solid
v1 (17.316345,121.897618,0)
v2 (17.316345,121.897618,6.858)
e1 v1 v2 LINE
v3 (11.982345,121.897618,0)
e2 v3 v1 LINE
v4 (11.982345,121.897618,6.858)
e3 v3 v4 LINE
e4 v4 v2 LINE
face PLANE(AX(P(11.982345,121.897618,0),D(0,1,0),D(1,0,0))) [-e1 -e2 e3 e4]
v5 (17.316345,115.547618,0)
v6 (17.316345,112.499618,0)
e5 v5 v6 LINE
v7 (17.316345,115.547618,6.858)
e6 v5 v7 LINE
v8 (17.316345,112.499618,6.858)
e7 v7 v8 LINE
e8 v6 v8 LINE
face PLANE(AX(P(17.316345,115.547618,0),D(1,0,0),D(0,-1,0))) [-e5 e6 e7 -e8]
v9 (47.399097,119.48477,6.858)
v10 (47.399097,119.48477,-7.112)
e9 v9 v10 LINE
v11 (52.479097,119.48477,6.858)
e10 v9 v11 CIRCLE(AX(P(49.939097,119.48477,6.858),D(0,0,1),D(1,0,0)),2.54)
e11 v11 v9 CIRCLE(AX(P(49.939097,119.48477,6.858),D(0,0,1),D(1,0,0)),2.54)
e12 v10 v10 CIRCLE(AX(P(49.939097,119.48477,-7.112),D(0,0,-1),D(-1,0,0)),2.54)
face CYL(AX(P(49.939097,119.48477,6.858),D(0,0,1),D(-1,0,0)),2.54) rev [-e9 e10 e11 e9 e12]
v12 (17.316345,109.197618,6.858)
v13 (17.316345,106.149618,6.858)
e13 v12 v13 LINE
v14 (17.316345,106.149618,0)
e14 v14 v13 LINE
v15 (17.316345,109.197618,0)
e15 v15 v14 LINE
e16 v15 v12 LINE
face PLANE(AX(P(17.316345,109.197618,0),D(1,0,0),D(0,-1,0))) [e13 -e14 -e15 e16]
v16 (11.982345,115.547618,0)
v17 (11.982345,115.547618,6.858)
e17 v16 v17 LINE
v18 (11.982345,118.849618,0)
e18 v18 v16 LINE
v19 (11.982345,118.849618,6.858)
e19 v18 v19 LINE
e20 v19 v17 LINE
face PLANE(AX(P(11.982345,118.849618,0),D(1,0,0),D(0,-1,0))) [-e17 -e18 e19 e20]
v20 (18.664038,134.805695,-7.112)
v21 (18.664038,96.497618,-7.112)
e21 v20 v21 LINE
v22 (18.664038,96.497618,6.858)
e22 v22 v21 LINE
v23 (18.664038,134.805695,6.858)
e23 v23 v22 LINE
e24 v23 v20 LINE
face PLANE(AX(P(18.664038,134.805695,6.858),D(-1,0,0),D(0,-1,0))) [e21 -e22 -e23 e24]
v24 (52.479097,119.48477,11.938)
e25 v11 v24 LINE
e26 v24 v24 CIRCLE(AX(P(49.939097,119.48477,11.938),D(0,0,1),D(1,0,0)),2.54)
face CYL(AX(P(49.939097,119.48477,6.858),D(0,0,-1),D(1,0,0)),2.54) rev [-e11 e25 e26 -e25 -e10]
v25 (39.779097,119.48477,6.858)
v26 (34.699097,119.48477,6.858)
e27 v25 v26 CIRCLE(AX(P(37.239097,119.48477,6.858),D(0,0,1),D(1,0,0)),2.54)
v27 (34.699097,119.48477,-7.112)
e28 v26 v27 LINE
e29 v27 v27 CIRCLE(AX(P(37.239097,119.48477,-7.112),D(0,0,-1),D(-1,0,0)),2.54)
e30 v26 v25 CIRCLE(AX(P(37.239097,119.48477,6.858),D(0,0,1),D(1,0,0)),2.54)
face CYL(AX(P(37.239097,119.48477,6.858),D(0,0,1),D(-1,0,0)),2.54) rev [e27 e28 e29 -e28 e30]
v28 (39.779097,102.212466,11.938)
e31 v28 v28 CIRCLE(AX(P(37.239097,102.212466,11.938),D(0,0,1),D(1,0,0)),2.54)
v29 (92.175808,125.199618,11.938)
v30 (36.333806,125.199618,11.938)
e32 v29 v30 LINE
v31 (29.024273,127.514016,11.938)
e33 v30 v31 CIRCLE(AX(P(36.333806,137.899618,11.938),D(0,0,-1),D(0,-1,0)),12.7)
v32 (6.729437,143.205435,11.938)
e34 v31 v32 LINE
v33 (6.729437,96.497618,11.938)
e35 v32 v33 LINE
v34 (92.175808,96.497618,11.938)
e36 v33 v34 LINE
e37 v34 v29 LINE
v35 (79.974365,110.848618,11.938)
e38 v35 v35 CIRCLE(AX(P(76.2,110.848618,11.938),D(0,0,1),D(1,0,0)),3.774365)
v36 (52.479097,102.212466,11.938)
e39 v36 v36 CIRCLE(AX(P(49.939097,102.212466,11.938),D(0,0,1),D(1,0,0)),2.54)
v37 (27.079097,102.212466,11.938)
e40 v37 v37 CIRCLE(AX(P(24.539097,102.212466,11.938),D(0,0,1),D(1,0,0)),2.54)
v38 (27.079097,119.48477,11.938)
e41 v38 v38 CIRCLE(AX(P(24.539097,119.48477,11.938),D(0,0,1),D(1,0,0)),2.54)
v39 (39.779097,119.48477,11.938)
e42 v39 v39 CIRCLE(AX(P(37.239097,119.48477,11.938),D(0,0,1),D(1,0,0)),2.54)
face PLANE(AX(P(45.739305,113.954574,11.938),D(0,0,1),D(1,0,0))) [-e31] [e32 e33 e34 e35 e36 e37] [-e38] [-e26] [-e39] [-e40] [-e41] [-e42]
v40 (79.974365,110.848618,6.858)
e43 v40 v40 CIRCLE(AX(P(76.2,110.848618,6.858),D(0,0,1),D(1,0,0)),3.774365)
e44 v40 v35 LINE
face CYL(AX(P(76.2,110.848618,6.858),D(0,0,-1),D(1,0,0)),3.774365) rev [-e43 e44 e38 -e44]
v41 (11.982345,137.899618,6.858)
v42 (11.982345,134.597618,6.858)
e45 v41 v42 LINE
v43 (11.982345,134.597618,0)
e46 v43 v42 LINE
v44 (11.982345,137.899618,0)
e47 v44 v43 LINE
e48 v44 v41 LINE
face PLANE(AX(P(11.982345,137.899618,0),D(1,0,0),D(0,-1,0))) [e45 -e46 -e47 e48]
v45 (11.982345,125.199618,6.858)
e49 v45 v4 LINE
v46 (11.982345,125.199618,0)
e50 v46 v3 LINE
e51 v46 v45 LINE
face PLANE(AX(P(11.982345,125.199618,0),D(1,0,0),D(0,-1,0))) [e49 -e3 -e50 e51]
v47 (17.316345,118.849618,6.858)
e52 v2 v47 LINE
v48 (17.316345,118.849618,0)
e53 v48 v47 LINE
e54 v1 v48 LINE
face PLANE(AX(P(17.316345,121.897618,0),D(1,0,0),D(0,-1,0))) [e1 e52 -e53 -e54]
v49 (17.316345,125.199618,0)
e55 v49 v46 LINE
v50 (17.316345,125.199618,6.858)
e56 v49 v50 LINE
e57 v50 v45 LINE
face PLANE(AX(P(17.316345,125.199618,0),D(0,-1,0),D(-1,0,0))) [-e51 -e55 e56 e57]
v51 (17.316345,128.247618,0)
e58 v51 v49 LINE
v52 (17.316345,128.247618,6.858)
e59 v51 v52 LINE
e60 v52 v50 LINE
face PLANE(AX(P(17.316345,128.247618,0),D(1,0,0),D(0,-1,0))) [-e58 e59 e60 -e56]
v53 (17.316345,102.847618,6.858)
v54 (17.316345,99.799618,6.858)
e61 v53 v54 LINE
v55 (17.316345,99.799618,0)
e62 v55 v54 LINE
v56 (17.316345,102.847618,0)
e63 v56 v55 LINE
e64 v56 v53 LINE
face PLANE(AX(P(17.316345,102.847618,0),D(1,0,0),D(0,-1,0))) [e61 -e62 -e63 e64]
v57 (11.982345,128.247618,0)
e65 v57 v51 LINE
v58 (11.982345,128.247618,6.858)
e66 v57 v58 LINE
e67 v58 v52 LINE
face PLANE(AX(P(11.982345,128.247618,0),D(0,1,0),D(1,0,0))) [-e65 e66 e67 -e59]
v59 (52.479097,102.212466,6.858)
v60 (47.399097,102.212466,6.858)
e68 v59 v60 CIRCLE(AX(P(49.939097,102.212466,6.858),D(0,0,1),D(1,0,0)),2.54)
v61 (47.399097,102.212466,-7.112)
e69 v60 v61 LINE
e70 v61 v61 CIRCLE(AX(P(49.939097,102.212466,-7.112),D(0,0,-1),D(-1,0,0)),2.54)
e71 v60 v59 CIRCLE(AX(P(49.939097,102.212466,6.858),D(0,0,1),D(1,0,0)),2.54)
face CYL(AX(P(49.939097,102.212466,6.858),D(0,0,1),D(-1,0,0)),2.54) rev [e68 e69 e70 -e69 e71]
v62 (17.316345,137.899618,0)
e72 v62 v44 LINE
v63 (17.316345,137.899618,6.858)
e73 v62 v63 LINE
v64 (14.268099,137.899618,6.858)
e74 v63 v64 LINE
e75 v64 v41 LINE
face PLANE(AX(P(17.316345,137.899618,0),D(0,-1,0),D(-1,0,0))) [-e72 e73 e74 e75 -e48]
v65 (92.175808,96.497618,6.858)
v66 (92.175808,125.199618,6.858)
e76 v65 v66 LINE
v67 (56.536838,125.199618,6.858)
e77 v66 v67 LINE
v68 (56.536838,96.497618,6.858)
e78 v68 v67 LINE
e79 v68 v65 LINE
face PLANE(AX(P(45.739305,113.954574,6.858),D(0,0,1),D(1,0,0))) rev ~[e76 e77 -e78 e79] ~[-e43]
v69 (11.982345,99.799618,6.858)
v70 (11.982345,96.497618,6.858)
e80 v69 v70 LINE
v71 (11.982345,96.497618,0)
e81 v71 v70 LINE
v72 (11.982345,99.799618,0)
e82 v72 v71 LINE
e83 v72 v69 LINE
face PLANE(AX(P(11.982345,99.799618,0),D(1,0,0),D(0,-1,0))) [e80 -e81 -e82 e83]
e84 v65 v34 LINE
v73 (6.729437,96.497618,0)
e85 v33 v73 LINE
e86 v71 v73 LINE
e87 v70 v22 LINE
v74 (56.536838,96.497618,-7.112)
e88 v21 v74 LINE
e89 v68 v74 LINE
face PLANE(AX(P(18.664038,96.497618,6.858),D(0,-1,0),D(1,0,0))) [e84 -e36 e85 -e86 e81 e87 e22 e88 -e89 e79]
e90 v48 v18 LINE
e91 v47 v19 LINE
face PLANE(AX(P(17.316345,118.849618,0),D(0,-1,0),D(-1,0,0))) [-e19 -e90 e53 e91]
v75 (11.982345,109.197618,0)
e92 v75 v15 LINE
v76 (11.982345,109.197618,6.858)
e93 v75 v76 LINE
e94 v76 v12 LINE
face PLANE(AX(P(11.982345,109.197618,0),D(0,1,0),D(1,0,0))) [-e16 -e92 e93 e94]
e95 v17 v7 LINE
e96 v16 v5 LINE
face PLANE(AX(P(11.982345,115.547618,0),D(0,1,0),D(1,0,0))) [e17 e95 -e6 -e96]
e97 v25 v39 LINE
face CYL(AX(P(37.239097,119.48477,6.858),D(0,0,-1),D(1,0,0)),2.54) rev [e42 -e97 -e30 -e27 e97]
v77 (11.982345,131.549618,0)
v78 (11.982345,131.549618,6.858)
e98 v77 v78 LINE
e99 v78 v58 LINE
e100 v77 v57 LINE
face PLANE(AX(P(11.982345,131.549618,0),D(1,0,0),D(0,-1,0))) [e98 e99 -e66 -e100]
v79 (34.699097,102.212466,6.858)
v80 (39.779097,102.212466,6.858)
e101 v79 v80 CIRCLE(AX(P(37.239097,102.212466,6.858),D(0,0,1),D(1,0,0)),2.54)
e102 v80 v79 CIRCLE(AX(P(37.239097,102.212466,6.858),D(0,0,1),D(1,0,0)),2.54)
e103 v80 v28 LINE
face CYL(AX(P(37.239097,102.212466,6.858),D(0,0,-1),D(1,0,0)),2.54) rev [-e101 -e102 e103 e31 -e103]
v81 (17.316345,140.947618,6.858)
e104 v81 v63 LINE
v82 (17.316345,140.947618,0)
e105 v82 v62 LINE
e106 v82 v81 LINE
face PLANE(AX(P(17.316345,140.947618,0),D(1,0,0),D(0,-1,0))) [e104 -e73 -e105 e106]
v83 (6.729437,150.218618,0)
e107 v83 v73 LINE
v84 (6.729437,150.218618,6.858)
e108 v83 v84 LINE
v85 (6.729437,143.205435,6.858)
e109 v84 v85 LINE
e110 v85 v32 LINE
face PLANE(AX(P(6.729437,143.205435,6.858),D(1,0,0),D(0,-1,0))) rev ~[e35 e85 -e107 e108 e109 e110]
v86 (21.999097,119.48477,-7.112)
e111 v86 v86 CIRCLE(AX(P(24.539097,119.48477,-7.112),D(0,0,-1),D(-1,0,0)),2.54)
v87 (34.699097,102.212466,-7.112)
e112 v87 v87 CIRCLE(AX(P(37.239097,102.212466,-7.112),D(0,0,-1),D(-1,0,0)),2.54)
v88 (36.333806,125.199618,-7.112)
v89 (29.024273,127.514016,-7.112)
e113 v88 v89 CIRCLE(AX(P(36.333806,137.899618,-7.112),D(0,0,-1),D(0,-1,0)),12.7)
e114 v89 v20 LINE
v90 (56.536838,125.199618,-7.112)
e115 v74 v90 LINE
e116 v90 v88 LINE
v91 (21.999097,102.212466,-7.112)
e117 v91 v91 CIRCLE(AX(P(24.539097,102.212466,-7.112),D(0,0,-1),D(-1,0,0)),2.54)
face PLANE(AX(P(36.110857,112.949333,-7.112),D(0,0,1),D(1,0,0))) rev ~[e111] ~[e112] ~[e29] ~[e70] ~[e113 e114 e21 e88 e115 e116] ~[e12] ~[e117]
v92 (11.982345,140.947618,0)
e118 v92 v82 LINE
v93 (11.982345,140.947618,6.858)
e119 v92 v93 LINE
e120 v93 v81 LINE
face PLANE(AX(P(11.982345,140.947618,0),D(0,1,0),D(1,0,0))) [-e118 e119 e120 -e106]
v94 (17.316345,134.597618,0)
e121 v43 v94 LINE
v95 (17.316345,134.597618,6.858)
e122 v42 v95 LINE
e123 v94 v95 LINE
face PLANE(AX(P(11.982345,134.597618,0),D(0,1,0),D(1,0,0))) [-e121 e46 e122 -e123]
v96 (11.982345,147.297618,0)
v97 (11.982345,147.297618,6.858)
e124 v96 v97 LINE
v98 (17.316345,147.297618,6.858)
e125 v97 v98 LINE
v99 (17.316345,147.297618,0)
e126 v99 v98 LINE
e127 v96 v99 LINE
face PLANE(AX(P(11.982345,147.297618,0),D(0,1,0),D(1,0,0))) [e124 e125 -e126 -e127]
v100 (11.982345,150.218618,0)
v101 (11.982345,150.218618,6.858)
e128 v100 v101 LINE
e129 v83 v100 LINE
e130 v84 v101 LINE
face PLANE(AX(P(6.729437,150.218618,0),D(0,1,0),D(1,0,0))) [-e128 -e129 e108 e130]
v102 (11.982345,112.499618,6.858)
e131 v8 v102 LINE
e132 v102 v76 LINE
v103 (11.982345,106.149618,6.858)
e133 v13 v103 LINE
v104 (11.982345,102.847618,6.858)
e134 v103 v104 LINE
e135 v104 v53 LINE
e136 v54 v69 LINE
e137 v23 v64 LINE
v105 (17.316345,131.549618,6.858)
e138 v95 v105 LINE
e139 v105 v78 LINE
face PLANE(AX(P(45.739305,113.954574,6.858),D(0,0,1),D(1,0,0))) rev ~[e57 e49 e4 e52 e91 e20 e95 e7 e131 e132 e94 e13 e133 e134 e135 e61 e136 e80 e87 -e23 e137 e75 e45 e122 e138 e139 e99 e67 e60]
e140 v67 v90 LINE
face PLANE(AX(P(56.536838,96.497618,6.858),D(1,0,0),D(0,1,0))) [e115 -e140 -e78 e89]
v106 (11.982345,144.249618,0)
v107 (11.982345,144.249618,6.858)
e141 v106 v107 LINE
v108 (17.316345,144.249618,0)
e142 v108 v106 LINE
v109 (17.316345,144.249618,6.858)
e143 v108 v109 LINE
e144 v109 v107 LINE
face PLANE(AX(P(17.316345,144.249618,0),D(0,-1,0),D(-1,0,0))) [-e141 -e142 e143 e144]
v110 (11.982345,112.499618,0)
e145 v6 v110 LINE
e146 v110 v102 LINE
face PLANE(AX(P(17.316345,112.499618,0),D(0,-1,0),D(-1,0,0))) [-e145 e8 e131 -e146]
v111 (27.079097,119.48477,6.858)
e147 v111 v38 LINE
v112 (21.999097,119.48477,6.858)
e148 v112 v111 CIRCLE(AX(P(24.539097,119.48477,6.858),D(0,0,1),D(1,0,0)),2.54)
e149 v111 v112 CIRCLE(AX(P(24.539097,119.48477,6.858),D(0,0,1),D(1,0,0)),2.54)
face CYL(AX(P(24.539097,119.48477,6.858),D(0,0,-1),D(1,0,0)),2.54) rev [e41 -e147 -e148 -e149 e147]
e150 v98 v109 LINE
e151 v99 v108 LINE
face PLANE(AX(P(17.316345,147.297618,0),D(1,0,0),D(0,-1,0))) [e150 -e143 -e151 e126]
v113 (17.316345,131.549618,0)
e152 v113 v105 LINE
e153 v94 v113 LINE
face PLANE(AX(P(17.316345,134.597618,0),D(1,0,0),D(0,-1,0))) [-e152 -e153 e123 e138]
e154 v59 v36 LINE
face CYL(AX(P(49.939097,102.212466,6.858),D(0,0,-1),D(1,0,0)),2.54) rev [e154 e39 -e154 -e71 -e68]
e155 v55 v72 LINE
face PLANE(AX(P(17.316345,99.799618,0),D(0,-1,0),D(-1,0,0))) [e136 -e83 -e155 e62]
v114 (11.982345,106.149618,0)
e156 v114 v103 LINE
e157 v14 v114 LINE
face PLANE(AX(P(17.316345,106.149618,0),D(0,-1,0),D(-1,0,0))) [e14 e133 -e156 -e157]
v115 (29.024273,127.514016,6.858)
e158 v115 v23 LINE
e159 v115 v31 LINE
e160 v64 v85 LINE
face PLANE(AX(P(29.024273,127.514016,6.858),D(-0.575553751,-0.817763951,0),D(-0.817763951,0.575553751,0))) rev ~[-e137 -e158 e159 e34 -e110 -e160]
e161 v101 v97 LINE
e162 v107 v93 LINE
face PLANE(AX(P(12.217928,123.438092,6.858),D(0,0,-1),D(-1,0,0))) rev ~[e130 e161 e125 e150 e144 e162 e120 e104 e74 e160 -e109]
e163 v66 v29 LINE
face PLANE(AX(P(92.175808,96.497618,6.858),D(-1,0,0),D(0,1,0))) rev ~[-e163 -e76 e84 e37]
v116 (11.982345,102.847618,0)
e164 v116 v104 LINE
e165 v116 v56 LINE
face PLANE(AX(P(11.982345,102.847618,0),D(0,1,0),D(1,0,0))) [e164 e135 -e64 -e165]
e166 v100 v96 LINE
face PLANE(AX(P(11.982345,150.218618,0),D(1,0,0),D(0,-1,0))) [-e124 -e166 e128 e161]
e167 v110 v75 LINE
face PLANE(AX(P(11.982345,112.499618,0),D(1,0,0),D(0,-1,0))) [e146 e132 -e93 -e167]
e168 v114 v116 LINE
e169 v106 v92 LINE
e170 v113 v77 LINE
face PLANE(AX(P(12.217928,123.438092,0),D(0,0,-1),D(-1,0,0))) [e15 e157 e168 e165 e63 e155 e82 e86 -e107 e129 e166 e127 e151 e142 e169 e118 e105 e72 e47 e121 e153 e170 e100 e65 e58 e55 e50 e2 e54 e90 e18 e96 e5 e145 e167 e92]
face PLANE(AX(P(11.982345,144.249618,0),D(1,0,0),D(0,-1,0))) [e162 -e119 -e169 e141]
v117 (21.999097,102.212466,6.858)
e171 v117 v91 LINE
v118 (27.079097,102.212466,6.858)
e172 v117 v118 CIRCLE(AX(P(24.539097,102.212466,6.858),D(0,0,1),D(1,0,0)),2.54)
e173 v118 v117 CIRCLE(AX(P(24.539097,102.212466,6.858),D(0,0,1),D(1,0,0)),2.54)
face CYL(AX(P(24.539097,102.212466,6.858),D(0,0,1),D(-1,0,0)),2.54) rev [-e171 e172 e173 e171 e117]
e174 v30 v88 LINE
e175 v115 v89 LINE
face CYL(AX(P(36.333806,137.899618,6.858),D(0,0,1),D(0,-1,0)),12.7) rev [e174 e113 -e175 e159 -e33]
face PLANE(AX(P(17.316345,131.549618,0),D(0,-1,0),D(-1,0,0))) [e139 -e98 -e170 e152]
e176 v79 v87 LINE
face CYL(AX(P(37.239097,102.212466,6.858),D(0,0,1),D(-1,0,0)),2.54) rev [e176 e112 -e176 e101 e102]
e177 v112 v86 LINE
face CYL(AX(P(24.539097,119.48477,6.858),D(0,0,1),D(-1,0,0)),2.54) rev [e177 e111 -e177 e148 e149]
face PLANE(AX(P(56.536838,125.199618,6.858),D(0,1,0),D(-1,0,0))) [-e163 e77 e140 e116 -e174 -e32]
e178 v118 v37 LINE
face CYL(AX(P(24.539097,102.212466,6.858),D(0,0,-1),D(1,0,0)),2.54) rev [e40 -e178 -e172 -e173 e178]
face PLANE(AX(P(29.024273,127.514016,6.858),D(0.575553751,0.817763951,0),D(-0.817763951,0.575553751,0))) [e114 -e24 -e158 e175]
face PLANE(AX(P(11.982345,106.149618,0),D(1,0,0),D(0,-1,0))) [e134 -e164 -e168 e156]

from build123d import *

# Parameters (mm, degrees)
BOSS_EXTRUDE1_DEPTH = 6.858
SKETCH3_R           = 2.54
SKETCH3_R_2         = 3.77436477
BOSS_EXTRUDE2_DEPTH = 5.08
SKETCH4_R           = 2.54
BOSS_EXTRUDE3_DEPTH = 13.97


with BuildPart() as part:
    # Sketch2 → Boss-Extrude1 (new body)
    with BuildSketch(Plane.XY):
        Polygon((11.982344641, 125.199618103), (11.982344641, 121.897618103), (17.316344641, 121.897618103), (17.316344641, 118.849618103), (11.982344641, 118.849618103), (11.982344641, 115.547618103), (17.316344641, 115.547618103), (17.316344641, 112.499618103), (11.982344641, 112.499618103), (11.982344641, 109.197618103), (17.316344641, 109.197618103), (17.316344641, 106.149618103), (11.982344641, 106.149618103), (11.982344641, 102.847618103), (17.316344641, 102.847618103), (17.316344641, 99.799618103), (11.982344641, 99.799618103), (11.982344641, 96.497618103), (6.729436841, 96.497618103), (6.729436841, 125.199618103), (6.729436841, 150.218618103), (11.982344641, 150.218618103), (11.982344641, 147.297618103), (17.316344641, 147.297618103), (17.316344641, 144.249618103), (11.982344641, 144.249618103), (11.982344641, 140.947618103), (17.316344641, 140.947618103), (17.316344641, 137.899618103), (11.982344641, 137.899618103), (11.982344641, 134.597618103), (17.316344641, 134.597618103), (17.316344641, 131.549618103), (11.982344641, 131.549618103), (11.982344641, 128.247618103), (17.316344641, 128.247618103), (17.316344641, 125.199618103), align=None)
    extrude(amount=BOSS_EXTRUDE1_DEPTH)

    # Sketch3 → Boss-Extrude2 (add)
    with BuildSketch(Plane.XY.offset(6.858)):
        with BuildLine():
            Line((6.729436841, 125.199618103), (6.729436841, 96.497618103))
            Line((6.729436841, 96.497618103), (16.3439883, 96.497618103))
            Line((16.3439883, 96.497618103), (32.312638487, 96.497618103))
            Line((32.312638487, 96.497618103), (78.23353946, 96.497618103))
            Line((78.23353946, 96.497618103), (92.175808331, 96.497618103))
            Line((92.175808331, 96.497618103), (92.175808331, 125.199618103))
            Line((92.175808331, 125.199618103), (78.23353946, 125.199618103))
            Line((78.23353946, 125.199618103), (36.33380561, 125.199618103))
            ThreePointArc((36.33380561, 125.199618103), (32.5002138, 125.792034783), (29.024272972, 127.514015924))
            Line((29.024272972, 127.514015924), (6.729436841, 143.205434636))
            Line((6.729436841, 143.205434636), (6.729436841, 125.199618103))
        make_face()
        with Locations((24.539097495, 102.212466287)):
            Circle(SKETCH3_R, mode=Mode.SUBTRACT)
        with Locations((76.2, 110.848618103)):
            Circle(SKETCH3_R_2, mode=Mode.SUBTRACT)
        with Locations((24.539097495, 119.484769918)):
            Circle(SKETCH3_R, mode=Mode.SUBTRACT)
        with Locations((37.239097495, 119.484769918)):
            Circle(SKETCH3_R, mode=Mode.SUBTRACT)
        with Locations((37.239097495, 102.212466287)):
            Circle(SKETCH3_R, mode=Mode.SUBTRACT)
        with Locations((49.939097495, 119.484769918)):
            Circle(SKETCH3_R, mode=Mode.SUBTRACT)
        with Locations((49.939097495, 102.212466287)):
            Circle(SKETCH3_R, mode=Mode.SUBTRACT)
    extrude(amount=BOSS_EXTRUDE2_DEPTH)

    # Sketch4 → Boss-Extrude3 (add)
    with BuildSketch(Plane(origin=(0, 0, 6.858), x_dir=(-1, 0, 0), z_dir=(0, 0, -1))):
        with BuildLine():
            Line((-29.024272972, 127.514015924), (-18.664038362, 134.805694511))
            Line((-18.664038362, 134.805694511), (-18.664038362, 96.497618103))
            Line((-18.664038362, 96.497618103), (-56.536837783, 96.497618103))
            Line((-56.536837783, 96.497618103), (-56.536837783, 125.199618103))
            Line((-56.536837783, 125.199618103), (-36.33380561, 125.199618103))
            ThreePointArc((-36.33380561, 125.199618103), (-32.5002138, 125.792034783), (-29.024272972, 127.514015924))
        make_face()
        with Locations((-49.939097495, 102.212466287)):
            Circle(SKETCH4_R, mode=Mode.SUBTRACT)
        with Locations((-37.239097495, 102.212466287)):
            Circle(SKETCH4_R, mode=Mode.SUBTRACT)
        with Locations((-24.539097495, 102.212466287)):
            Circle(SKETCH4_R, mode=Mode.SUBTRACT)
        with Locations((-24.539097495, 119.484769918)):
            Circle(SKETCH4_R, mode=Mode.SUBTRACT)
        with Locations((-37.239097495, 119.484769918)):
            Circle(SKETCH4_R, mode=Mode.SUBTRACT)
        with Locations((-49.939097495, 119.484769918)):
            Circle(SKETCH4_R, mode=Mode.SUBTRACT)
    extrude(amount=BOSS_EXTRUDE3_DEPTH)


solid = part.part
